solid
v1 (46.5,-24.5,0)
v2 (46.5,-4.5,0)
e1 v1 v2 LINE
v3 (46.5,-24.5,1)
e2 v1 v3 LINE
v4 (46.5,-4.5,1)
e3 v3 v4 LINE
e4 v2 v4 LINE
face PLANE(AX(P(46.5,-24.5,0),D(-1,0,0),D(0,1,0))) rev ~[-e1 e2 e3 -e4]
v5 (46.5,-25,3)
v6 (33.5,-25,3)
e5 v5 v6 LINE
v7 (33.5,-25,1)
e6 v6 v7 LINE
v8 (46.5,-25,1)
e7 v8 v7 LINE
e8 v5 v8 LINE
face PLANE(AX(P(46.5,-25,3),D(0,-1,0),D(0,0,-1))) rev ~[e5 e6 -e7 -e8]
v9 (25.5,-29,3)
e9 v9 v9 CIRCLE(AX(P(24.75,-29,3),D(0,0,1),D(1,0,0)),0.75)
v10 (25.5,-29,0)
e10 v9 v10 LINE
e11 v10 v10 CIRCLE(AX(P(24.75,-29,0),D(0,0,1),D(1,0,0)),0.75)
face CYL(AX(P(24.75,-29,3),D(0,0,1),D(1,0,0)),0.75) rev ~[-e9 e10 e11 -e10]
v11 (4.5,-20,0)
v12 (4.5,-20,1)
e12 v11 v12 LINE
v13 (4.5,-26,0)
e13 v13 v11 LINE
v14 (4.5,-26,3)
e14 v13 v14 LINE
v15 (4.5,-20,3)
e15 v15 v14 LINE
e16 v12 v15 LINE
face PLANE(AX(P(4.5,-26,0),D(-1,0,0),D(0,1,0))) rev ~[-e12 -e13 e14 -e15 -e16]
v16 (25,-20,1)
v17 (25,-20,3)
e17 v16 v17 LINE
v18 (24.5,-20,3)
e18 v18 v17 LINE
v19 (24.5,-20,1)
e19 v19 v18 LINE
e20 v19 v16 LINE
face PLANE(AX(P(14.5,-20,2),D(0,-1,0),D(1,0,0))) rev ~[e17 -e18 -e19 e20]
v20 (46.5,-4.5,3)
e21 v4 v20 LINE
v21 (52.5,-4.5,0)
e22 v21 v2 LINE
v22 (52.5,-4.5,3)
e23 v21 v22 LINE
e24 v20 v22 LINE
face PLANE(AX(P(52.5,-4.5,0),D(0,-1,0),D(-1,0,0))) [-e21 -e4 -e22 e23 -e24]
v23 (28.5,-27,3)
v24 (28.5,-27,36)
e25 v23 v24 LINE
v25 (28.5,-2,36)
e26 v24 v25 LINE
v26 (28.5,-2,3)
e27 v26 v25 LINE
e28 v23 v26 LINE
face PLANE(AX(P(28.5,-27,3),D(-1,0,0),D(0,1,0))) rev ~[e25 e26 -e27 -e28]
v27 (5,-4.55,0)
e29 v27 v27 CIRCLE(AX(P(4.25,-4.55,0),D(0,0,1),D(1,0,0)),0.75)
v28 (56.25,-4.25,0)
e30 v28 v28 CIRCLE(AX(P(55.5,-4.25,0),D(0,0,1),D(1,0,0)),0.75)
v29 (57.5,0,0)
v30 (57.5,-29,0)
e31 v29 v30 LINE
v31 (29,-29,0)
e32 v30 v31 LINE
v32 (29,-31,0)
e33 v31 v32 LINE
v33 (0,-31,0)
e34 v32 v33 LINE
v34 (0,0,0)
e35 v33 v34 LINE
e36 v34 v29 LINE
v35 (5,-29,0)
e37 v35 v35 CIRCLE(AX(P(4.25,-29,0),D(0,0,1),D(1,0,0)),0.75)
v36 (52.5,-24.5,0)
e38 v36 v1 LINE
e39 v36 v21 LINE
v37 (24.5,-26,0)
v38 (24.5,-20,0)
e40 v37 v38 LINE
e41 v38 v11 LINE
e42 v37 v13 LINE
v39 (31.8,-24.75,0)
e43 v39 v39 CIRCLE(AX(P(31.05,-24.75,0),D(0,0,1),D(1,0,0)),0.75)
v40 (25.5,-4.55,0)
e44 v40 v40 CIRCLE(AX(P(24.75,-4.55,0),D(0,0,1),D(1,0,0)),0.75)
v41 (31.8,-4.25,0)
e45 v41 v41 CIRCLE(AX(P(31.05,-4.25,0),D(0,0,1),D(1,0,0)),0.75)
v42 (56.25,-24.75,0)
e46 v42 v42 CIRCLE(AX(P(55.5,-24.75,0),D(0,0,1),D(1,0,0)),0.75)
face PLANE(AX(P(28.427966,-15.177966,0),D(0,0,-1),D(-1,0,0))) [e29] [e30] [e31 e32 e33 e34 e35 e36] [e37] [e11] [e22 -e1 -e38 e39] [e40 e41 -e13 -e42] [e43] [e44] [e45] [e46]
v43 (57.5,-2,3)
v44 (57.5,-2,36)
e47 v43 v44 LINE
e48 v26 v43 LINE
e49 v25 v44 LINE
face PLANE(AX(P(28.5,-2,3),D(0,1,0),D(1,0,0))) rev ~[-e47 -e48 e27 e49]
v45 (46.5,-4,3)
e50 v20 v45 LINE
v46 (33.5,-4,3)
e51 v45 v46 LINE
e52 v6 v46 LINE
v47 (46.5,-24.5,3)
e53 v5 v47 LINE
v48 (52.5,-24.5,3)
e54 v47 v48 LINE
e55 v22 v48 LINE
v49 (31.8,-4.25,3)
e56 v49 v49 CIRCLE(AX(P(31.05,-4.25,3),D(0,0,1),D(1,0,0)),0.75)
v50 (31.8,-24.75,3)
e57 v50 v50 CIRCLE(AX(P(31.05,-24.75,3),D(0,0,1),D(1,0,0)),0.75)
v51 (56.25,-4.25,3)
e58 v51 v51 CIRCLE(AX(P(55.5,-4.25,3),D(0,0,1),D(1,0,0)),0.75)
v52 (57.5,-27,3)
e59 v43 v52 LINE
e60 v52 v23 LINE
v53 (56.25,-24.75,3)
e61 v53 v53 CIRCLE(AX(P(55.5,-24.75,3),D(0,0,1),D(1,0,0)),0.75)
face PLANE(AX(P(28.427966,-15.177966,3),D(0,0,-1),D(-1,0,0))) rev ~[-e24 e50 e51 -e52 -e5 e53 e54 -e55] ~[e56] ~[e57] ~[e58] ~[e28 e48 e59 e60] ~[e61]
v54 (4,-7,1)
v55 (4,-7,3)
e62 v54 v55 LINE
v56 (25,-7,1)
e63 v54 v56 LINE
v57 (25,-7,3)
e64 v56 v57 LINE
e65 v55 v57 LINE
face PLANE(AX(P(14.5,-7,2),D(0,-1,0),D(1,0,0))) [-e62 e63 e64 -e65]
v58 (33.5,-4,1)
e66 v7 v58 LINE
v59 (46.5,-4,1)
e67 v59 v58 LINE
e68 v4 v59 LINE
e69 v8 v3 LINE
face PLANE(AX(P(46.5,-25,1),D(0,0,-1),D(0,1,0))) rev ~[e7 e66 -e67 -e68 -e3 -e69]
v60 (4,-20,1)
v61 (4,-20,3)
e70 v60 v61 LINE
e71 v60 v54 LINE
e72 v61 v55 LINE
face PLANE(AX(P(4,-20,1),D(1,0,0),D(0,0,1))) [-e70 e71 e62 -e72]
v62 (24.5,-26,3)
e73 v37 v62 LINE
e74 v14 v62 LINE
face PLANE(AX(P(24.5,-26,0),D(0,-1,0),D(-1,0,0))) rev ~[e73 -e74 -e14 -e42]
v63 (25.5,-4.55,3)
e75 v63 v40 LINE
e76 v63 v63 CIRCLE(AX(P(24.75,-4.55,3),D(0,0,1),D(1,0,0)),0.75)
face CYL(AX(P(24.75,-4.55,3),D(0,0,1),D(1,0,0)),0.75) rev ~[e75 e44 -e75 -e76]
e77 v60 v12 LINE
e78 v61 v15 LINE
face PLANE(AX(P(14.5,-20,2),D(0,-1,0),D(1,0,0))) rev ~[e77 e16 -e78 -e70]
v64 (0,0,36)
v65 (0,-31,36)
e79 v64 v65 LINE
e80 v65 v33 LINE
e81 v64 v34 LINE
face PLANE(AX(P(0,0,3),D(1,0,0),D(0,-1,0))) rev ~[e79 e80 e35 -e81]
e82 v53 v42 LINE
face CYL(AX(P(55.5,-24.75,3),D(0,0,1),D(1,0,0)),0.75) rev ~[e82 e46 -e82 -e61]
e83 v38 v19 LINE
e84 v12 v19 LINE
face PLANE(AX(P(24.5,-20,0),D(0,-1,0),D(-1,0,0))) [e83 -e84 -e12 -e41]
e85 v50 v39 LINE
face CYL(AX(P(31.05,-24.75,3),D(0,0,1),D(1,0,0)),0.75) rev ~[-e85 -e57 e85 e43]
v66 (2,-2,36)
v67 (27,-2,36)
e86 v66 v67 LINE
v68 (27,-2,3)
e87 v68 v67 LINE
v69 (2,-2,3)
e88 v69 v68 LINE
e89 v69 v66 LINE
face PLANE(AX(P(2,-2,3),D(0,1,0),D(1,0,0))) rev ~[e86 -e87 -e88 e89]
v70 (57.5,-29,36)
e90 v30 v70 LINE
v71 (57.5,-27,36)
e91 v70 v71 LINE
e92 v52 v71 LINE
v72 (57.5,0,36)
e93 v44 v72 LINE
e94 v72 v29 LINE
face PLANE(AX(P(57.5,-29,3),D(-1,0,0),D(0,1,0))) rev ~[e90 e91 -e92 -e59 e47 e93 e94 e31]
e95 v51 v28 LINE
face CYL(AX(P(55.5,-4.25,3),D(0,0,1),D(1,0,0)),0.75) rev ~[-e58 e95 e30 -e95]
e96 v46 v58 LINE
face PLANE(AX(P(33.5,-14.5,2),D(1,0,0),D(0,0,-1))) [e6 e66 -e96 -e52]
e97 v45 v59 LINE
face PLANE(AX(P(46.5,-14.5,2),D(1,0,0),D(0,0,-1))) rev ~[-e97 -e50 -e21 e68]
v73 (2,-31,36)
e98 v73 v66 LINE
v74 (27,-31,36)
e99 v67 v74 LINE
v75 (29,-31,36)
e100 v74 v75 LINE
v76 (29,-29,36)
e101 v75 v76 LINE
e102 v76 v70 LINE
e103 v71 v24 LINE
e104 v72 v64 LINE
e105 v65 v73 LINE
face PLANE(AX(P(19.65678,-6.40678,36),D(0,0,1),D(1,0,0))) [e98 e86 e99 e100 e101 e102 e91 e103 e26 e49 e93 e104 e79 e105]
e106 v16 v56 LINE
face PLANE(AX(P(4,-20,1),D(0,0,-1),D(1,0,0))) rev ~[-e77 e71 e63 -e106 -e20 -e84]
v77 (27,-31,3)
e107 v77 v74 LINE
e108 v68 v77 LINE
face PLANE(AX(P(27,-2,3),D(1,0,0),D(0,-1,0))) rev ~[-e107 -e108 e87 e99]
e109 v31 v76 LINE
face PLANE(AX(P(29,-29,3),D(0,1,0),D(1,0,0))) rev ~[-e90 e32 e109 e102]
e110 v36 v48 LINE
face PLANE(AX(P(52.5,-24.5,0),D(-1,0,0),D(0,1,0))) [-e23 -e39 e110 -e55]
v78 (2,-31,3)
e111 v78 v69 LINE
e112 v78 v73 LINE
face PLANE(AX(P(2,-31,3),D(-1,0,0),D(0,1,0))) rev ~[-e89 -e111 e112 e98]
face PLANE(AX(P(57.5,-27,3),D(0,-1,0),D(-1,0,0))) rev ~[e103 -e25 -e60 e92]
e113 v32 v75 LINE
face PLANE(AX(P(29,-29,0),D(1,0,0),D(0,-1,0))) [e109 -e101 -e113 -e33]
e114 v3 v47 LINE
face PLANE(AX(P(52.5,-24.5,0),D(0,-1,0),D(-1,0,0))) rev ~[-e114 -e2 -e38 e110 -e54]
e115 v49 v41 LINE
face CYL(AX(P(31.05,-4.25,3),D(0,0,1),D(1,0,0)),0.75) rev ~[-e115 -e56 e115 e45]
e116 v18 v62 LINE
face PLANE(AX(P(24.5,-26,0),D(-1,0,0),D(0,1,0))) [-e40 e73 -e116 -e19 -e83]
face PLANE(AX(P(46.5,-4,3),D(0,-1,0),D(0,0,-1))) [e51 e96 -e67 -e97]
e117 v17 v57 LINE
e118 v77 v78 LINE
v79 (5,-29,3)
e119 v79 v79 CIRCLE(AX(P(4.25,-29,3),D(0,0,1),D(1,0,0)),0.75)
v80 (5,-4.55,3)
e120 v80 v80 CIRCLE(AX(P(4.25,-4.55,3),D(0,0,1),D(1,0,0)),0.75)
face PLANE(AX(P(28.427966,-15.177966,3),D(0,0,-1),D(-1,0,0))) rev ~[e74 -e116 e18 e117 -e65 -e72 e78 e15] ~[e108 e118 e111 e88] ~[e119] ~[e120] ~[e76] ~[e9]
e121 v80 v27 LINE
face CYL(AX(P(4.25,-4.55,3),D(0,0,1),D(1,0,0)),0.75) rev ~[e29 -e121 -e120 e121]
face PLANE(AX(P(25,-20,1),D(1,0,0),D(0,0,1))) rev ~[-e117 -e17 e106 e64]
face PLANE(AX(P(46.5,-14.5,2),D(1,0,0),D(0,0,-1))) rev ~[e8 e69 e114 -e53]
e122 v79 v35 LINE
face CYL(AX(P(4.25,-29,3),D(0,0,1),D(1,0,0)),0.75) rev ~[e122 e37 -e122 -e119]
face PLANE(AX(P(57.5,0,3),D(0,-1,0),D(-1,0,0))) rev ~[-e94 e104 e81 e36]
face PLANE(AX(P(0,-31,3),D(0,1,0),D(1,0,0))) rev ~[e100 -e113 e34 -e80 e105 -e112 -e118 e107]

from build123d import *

# Parameters (mm, degrees)
EXTRUDE_1_DEPTH     = 3
CUT_EXTRUDE_1_REACH = 67.393
SKETCH_2_R          = 0.75
CUT_EXTRUDE_3_REACH = 67.393
SKETCH_4_W          = 20
SKETCH_4_H          = 6
CUT_EXTRUDE_4_REACH = 67.393
SKETCH_5_W          = 6
SKETCH_5_H          = 20
SKETCH_7_W          = 21
SKETCH_7_H          = 2
CUT_EXTRUDE_6_DEPTH = 13
SKETCH_8_W          = 2
SKETCH_8_H          = 21
CUT_EXTRUDE_7_DEPTH = 13
SKETCH_9_W          = 1.5
SKETCH_9_H          = 25
EXTRUDE_2_DEPTH     = 33


with BuildPart() as part:
    # 草图1 → 凸台-拉伸1 (new body)
    with BuildSketch(Plane.XY):
        Polygon((0, 0), (57.5, 0), (57.5, -29), (29, -29), (29, -31), (0, -31), align=None)
    extrude(amount=EXTRUDE_1_DEPTH)

    # 草图2 → 切除-拉伸1 (cut, up to next)
    with BuildSketch(Plane.XY.offset(3), mode=Mode.PRIVATE) as cut_extrude_1_sk1:
        with Locations((31.05, -4.25)):
            Circle(SKETCH_2_R)
    cut_extrude_1_tool1 = extrude(cut_extrude_1_sk1.sketch, amount=-CUT_EXTRUDE_1_REACH, mode=Mode.PRIVATE) & part.part
    # 草图2 → 切除-拉伸1 (cut, up to next)
    with BuildSketch(Plane.XY.offset(3), mode=Mode.PRIVATE) as cut_extrude_1_sk2:
        with Locations((55.5, -4.25)):
            Circle(SKETCH_2_R)
    cut_extrude_1_tool2 = extrude(cut_extrude_1_sk2.sketch, amount=-CUT_EXTRUDE_1_REACH, mode=Mode.PRIVATE) & part.part
    # 草图2 → 切除-拉伸1 (cut, up to next)
    with BuildSketch(Plane.XY.offset(3), mode=Mode.PRIVATE) as cut_extrude_1_sk3:
        with Locations((31.05, -24.75)):
            Circle(SKETCH_2_R)
    cut_extrude_1_tool3 = extrude(cut_extrude_1_sk3.sketch, amount=-CUT_EXTRUDE_1_REACH, mode=Mode.PRIVATE) & part.part
    # 草图2 → 切除-拉伸1 (cut, up to next)
    with BuildSketch(Plane.XY.offset(3), mode=Mode.PRIVATE) as cut_extrude_1_sk4:
        with Locations((55.5, -24.75)):
            Circle(SKETCH_2_R)
    cut_extrude_1_tool4 = extrude(cut_extrude_1_sk4.sketch, amount=-CUT_EXTRUDE_1_REACH, mode=Mode.PRIVATE) & part.part
    # 草图2 → 切除-拉伸1 (cut, up to next)
    with BuildSketch(Plane.XY.offset(3), mode=Mode.PRIVATE) as cut_extrude_1_sk5:
        with Locations((4.25, -29)):
            Circle(SKETCH_2_R)
    cut_extrude_1_tool5 = extrude(cut_extrude_1_sk5.sketch, amount=-CUT_EXTRUDE_1_REACH, mode=Mode.PRIVATE) & part.part
    # 草图2 → 切除-拉伸1 (cut, up to next)
    with BuildSketch(Plane.XY.offset(3), mode=Mode.PRIVATE) as cut_extrude_1_sk6:
        with Locations((24.75, -29)):
            Circle(SKETCH_2_R)
    cut_extrude_1_tool6 = extrude(cut_extrude_1_sk6.sketch, amount=-CUT_EXTRUDE_1_REACH, mode=Mode.PRIVATE) & part.part
    # 草图2 → 切除-拉伸1 (cut, up to next)
    with BuildSketch(Plane.XY.offset(3), mode=Mode.PRIVATE) as cut_extrude_1_sk7:
        with Locations((4.25, -4.55)):
            Circle(SKETCH_2_R)
    cut_extrude_1_tool7 = extrude(cut_extrude_1_sk7.sketch, amount=-CUT_EXTRUDE_1_REACH, mode=Mode.PRIVATE) & part.part
    # 草图2 → 切除-拉伸1 (cut, up to next)
    with BuildSketch(Plane.XY.offset(3), mode=Mode.PRIVATE) as cut_extrude_1_sk8:
        with Locations((24.75, -4.55)):
            Circle(SKETCH_2_R)
    cut_extrude_1_tool8 = extrude(cut_extrude_1_sk8.sketch, amount=-CUT_EXTRUDE_1_REACH, mode=Mode.PRIVATE) & part.part
    add(cut_extrude_1_tool1.solids().sort_by_distance((31.05, -4.25, 3))[0], mode=Mode.SUBTRACT)
    add(cut_extrude_1_tool2.solids().sort_by_distance((55.5, -4.25, 3))[0], mode=Mode.SUBTRACT)
    add(cut_extrude_1_tool3.solids().sort_by_distance((31.05, -24.75, 3))[0], mode=Mode.SUBTRACT)
    add(cut_extrude_1_tool4.solids().sort_by_distance((55.5, -24.75, 3))[0], mode=Mode.SUBTRACT)
    add(cut_extrude_1_tool5.solids().sort_by_distance((4.25, -29, 3))[0], mode=Mode.SUBTRACT)
    add(cut_extrude_1_tool6.solids().sort_by_distance((24.75, -29, 3))[0], mode=Mode.SUBTRACT)
    add(cut_extrude_1_tool7.solids().sort_by_distance((4.25, -4.55, 3))[0], mode=Mode.SUBTRACT)
    add(cut_extrude_1_tool8.solids().sort_by_distance((24.75, -4.55, 3))[0], mode=Mode.SUBTRACT)

    # 草图4 → 切除-拉伸3 (cut, up to next)
    with BuildSketch(Plane(origin=(0, 0, 0), x_dir=(-1, 0, 0), z_dir=(0, 0, -1)), mode=Mode.PRIVATE) as cut_extrude_3_sk1:
        with Locations((-14.5, -23)):
            Rectangle(SKETCH_4_W, SKETCH_4_H)
    cut_extrude_3_tool1 = extrude(cut_extrude_3_sk1.sketch, amount=-CUT_EXTRUDE_3_REACH, mode=Mode.PRIVATE) & part.part
    add(cut_extrude_3_tool1.solids().sort_by_distance((14.5, -23, 0))[0], mode=Mode.SUBTRACT)

    # 草图5 → 切除-拉伸4 (cut, up to next)
    with BuildSketch(Plane(origin=(0, 0, 0), x_dir=(-1, 0, 0), z_dir=(0, 0, -1)), mode=Mode.PRIVATE) as cut_extrude_4_sk1:
        with Locations((-49.5, -14.5)):
            Rectangle(SKETCH_5_W, SKETCH_5_H)
    cut_extrude_4_tool1 = extrude(cut_extrude_4_sk1.sketch, amount=-CUT_EXTRUDE_4_REACH, mode=Mode.PRIVATE) & part.part
    add(cut_extrude_4_tool1.solids().sort_by_distance((49.5, -14.5, 0))[0], mode=Mode.SUBTRACT)

    # 草图7 → 切除-拉伸6 (cut)
    with BuildSketch(Plane.XZ.offset(20)):
        with Locations((14.5, 2)):
            Rectangle(SKETCH_7_W, SKETCH_7_H)
    extrude(amount=-CUT_EXTRUDE_6_DEPTH, mode=Mode.SUBTRACT)

    # 草图8 → 切除-拉伸7 (cut)
    with BuildSketch(Plane(origin=(46.5, 0, 0), x_dir=(0, 0, -1), z_dir=(1, 0, 0))):
        with Locations((-2, -14.5)):
            Rectangle(SKETCH_8_W, SKETCH_8_H)
    extrude(amount=-CUT_EXTRUDE_7_DEPTH, mode=Mode.SUBTRACT)

    # 草图9 → 凸台-拉伸2 (add)
    with BuildSketch(Plane.XY.offset(3)):
        Polygon((0, -31), (2, -31), (2, -2), (27, -2), (28.5, -2), (57.5, -2), (57.5, 0), (0, 0), align=None)
        with Locations((27.75, -14.5)):
            Rectangle(SKETCH_9_W, SKETCH_9_H)
        Polygon((27, -27), (27, -31), (29, -31), (29, -29), (57.5, -29), (57.5, -27), (28.5, -27), align=None)
    extrude(amount=EXTRUDE_2_DEPTH)


solid = part.part
